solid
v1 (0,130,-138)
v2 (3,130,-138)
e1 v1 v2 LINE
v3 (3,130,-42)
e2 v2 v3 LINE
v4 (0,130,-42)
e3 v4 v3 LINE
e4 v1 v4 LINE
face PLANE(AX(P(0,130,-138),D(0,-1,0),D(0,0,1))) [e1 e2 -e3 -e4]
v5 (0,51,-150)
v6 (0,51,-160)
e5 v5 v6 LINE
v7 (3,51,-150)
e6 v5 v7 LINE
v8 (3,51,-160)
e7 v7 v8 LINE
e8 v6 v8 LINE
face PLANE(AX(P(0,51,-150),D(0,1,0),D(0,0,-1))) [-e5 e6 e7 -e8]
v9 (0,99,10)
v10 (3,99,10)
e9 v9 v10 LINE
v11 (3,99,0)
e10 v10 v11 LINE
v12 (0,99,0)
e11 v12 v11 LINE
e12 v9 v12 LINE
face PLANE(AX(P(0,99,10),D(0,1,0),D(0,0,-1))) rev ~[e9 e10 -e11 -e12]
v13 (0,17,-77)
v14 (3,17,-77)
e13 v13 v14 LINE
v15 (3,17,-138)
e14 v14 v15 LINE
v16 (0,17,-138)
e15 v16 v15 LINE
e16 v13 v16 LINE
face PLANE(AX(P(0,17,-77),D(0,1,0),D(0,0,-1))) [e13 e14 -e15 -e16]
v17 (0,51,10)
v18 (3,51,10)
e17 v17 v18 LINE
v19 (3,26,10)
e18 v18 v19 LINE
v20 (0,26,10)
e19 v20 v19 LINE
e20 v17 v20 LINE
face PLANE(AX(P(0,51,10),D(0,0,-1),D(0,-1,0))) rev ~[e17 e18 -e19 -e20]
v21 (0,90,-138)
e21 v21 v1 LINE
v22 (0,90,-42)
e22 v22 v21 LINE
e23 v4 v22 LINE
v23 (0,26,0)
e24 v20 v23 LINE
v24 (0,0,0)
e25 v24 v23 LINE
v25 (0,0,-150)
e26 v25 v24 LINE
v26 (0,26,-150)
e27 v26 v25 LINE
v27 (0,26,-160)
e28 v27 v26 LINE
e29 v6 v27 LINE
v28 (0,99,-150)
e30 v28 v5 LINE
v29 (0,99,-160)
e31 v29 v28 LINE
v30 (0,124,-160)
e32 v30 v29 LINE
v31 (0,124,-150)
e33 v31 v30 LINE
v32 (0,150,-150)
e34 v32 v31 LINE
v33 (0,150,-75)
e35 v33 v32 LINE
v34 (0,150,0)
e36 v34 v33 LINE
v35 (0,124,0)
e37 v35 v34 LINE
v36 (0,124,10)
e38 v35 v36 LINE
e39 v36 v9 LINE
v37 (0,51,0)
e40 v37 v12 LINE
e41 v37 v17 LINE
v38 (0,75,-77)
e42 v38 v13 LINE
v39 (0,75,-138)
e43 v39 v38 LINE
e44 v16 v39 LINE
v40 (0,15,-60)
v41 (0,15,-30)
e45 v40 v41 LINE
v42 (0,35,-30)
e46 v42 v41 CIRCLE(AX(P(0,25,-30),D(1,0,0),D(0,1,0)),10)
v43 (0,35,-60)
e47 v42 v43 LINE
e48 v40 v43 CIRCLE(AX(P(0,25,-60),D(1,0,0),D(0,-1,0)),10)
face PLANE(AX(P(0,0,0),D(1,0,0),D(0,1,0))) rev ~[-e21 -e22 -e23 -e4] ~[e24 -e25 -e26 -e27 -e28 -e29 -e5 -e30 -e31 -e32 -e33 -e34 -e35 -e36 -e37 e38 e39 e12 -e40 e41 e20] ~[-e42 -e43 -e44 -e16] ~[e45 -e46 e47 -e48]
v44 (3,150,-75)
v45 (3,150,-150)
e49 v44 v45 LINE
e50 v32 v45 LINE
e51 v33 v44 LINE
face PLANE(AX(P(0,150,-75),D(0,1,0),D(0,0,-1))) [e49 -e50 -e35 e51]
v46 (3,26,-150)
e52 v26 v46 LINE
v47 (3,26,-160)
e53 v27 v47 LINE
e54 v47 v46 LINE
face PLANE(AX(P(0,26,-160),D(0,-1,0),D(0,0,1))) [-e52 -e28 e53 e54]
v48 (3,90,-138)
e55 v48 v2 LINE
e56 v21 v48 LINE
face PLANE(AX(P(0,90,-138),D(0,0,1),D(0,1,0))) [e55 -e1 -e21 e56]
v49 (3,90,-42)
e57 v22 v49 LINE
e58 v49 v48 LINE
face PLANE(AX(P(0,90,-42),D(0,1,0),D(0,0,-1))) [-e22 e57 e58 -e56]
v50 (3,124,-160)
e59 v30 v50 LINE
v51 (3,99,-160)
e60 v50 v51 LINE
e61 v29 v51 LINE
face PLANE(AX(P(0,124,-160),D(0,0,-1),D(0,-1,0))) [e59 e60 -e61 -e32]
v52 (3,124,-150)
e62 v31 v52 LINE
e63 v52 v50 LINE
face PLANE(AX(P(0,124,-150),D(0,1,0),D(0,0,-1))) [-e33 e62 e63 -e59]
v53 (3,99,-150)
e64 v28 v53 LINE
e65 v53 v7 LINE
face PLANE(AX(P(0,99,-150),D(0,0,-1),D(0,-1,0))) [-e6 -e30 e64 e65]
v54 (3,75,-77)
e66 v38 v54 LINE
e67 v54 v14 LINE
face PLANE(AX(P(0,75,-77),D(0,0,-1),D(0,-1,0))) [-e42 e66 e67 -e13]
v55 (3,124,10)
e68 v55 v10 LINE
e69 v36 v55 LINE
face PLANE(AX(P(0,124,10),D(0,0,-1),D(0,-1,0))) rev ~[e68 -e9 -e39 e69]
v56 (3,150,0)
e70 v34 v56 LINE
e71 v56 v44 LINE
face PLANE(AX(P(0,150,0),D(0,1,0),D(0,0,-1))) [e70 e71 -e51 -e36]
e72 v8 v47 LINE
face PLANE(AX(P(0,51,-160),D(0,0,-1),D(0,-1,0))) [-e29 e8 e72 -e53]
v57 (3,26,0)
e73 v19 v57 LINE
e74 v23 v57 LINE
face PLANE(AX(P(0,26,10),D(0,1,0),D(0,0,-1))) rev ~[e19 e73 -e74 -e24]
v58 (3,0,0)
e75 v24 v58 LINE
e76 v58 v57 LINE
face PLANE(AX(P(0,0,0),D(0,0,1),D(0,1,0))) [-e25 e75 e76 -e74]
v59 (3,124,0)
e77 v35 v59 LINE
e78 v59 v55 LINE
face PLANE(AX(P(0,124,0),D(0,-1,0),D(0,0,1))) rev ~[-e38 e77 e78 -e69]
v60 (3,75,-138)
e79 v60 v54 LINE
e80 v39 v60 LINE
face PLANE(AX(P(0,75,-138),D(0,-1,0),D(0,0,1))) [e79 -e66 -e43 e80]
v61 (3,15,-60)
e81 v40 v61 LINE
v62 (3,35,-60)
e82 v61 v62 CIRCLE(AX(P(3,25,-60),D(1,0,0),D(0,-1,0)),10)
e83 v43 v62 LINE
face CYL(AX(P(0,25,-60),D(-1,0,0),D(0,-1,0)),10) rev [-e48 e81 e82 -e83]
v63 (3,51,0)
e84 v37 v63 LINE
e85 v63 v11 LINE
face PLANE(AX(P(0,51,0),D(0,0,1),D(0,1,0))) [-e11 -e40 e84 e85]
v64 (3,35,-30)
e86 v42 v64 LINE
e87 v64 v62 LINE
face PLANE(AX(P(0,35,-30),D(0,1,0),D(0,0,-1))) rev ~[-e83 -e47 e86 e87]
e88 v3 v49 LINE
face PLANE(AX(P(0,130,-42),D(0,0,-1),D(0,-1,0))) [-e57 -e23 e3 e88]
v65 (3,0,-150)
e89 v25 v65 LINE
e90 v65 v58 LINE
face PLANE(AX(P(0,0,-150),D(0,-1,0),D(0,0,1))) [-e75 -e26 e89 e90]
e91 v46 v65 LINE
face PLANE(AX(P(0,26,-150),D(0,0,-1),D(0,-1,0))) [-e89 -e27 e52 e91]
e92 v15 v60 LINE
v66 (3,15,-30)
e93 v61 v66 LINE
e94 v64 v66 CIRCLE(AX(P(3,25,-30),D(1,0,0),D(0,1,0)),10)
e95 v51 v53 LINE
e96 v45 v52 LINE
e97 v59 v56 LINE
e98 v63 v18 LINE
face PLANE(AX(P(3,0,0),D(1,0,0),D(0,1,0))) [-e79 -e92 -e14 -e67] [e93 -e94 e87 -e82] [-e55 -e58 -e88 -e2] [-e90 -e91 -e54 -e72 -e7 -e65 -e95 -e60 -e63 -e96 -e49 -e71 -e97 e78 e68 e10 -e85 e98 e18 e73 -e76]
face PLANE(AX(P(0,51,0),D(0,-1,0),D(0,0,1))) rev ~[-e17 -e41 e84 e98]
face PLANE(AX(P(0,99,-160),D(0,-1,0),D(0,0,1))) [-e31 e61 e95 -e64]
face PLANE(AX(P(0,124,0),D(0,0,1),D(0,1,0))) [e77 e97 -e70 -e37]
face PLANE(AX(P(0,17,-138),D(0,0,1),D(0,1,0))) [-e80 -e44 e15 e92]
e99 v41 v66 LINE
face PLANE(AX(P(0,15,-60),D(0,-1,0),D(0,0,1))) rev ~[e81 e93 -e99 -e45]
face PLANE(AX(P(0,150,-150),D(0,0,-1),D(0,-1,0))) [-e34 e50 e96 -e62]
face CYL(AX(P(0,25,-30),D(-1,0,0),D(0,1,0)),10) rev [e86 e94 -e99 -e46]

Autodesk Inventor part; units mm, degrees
ref_plane "YZ Plane" through (0, 0, 0) normal (1, 0, 0) x (0, 1, 0)
ref_plane "XZ Plane" through (0, 0, 0) normal (0, 1, 0) x (-1, 0, 0)
ref_plane "XY Plane" through (0, 0, 0) normal (0, 0, 1) x (1, 0, 0)
sketch "Sketch1" plane through (0, 0, 0) normal (1, 0, 0) x (0, 1, 0)
  line L0 (150, 0) -> (150, -150)
  line L1 (0, -150) -> (0, 0)
  line L2 (130, -42) -> (90, -42)
  line L3 (90, -42) -> (90, -138)
  line L4 (90, -138) -> (130, -138)
  line L5 (130, -138) -> (130, -42)
  line L6 (130, -42) -> (90, -138) construction
  line L7 (90, -42) -> (130, -138) construction
  line L8 (75, -77) -> (17, -77)
  line L9 (17, -77) -> (17, -138)
  line L10 (17, -138) -> (75, -138)
  line L11 (75, -138) -> (75, -77)
  line L12 (75, -77) -> (17, -138) construction
  line L13 (17, -77) -> (75, -138) construction
  line L14 (25, -30) -> (25, -60) construction
  line L15 (35, -30) -> (35, -60)
  line L16 (15, -60) -> (15, -30)
  arc A0 (35, -30) -> (15, -30) centre (25, -30) ccw
  arc A1 (15, -60) -> (35, -60) centre (25, -60) ccw
  line L17 (124, 0) -> (124, 10)
  line L18 (124, 10) -> (99, 10)
  line L19 (99, 10) -> (99, 0)
  line L20 (51, 0) -> (51, 10)
  line L21 (51, 10) -> (26, 10)
  line L22 (26, 10) -> (26, 0)
  line L23 (150, -75) -> (168, -75)
  line L24 (124, 0) -> (150, 0)
  line L25 (0, 0) -> (26, 0)
  line L26 (51, 0) -> (99, 0)
  line L27 (124, -150) -> (124, -160)
  line L28 (124, -160) -> (99, -160)
  line L29 (99, -160) -> (99, -150)
  line L30 (51, -150) -> (51, -160)
  line L31 (51, -160) -> (26, -160)
  line L32 (26, -160) -> (26, -150)
  line L33 (150, -150) -> (124, -150)
  line L34 (99, -150) -> (51, -150)
  line L35 (26, -150) -> (0, -150)
  point P0 (110, -90)
  point P1 (46, -107.5)
  point P2 (25, -45)
  dimension "d0" = 150
  dimension "d1" = 150
  dimension "d2" = 90
  dimension "d3" = 110
  dimension "d4" = 40
  dimension "d5" = 96
  dimension "d6" = 58
  dimension "d7" = 61
  dimension "d8" = 46
  dimension "d9" = 96
  dimension "d10" = 25
  dimension "d11" = 30
  dimension "d12" = 30
  dimension "d13" = 10
  dimension "d16" = 25
  dimension "d17" = 10
  dimension "d18" = 26
  dimension "d19" = 10
  dimension "d20" = 25
  dimension "d21" = 26
  dimension "d24" = 33
  dimension "d25" = 75
  dimension "d26" = 18
extrude "Extrusion1" add sketch "Sketch1" along normal blind 3
properties part number "front_part"
